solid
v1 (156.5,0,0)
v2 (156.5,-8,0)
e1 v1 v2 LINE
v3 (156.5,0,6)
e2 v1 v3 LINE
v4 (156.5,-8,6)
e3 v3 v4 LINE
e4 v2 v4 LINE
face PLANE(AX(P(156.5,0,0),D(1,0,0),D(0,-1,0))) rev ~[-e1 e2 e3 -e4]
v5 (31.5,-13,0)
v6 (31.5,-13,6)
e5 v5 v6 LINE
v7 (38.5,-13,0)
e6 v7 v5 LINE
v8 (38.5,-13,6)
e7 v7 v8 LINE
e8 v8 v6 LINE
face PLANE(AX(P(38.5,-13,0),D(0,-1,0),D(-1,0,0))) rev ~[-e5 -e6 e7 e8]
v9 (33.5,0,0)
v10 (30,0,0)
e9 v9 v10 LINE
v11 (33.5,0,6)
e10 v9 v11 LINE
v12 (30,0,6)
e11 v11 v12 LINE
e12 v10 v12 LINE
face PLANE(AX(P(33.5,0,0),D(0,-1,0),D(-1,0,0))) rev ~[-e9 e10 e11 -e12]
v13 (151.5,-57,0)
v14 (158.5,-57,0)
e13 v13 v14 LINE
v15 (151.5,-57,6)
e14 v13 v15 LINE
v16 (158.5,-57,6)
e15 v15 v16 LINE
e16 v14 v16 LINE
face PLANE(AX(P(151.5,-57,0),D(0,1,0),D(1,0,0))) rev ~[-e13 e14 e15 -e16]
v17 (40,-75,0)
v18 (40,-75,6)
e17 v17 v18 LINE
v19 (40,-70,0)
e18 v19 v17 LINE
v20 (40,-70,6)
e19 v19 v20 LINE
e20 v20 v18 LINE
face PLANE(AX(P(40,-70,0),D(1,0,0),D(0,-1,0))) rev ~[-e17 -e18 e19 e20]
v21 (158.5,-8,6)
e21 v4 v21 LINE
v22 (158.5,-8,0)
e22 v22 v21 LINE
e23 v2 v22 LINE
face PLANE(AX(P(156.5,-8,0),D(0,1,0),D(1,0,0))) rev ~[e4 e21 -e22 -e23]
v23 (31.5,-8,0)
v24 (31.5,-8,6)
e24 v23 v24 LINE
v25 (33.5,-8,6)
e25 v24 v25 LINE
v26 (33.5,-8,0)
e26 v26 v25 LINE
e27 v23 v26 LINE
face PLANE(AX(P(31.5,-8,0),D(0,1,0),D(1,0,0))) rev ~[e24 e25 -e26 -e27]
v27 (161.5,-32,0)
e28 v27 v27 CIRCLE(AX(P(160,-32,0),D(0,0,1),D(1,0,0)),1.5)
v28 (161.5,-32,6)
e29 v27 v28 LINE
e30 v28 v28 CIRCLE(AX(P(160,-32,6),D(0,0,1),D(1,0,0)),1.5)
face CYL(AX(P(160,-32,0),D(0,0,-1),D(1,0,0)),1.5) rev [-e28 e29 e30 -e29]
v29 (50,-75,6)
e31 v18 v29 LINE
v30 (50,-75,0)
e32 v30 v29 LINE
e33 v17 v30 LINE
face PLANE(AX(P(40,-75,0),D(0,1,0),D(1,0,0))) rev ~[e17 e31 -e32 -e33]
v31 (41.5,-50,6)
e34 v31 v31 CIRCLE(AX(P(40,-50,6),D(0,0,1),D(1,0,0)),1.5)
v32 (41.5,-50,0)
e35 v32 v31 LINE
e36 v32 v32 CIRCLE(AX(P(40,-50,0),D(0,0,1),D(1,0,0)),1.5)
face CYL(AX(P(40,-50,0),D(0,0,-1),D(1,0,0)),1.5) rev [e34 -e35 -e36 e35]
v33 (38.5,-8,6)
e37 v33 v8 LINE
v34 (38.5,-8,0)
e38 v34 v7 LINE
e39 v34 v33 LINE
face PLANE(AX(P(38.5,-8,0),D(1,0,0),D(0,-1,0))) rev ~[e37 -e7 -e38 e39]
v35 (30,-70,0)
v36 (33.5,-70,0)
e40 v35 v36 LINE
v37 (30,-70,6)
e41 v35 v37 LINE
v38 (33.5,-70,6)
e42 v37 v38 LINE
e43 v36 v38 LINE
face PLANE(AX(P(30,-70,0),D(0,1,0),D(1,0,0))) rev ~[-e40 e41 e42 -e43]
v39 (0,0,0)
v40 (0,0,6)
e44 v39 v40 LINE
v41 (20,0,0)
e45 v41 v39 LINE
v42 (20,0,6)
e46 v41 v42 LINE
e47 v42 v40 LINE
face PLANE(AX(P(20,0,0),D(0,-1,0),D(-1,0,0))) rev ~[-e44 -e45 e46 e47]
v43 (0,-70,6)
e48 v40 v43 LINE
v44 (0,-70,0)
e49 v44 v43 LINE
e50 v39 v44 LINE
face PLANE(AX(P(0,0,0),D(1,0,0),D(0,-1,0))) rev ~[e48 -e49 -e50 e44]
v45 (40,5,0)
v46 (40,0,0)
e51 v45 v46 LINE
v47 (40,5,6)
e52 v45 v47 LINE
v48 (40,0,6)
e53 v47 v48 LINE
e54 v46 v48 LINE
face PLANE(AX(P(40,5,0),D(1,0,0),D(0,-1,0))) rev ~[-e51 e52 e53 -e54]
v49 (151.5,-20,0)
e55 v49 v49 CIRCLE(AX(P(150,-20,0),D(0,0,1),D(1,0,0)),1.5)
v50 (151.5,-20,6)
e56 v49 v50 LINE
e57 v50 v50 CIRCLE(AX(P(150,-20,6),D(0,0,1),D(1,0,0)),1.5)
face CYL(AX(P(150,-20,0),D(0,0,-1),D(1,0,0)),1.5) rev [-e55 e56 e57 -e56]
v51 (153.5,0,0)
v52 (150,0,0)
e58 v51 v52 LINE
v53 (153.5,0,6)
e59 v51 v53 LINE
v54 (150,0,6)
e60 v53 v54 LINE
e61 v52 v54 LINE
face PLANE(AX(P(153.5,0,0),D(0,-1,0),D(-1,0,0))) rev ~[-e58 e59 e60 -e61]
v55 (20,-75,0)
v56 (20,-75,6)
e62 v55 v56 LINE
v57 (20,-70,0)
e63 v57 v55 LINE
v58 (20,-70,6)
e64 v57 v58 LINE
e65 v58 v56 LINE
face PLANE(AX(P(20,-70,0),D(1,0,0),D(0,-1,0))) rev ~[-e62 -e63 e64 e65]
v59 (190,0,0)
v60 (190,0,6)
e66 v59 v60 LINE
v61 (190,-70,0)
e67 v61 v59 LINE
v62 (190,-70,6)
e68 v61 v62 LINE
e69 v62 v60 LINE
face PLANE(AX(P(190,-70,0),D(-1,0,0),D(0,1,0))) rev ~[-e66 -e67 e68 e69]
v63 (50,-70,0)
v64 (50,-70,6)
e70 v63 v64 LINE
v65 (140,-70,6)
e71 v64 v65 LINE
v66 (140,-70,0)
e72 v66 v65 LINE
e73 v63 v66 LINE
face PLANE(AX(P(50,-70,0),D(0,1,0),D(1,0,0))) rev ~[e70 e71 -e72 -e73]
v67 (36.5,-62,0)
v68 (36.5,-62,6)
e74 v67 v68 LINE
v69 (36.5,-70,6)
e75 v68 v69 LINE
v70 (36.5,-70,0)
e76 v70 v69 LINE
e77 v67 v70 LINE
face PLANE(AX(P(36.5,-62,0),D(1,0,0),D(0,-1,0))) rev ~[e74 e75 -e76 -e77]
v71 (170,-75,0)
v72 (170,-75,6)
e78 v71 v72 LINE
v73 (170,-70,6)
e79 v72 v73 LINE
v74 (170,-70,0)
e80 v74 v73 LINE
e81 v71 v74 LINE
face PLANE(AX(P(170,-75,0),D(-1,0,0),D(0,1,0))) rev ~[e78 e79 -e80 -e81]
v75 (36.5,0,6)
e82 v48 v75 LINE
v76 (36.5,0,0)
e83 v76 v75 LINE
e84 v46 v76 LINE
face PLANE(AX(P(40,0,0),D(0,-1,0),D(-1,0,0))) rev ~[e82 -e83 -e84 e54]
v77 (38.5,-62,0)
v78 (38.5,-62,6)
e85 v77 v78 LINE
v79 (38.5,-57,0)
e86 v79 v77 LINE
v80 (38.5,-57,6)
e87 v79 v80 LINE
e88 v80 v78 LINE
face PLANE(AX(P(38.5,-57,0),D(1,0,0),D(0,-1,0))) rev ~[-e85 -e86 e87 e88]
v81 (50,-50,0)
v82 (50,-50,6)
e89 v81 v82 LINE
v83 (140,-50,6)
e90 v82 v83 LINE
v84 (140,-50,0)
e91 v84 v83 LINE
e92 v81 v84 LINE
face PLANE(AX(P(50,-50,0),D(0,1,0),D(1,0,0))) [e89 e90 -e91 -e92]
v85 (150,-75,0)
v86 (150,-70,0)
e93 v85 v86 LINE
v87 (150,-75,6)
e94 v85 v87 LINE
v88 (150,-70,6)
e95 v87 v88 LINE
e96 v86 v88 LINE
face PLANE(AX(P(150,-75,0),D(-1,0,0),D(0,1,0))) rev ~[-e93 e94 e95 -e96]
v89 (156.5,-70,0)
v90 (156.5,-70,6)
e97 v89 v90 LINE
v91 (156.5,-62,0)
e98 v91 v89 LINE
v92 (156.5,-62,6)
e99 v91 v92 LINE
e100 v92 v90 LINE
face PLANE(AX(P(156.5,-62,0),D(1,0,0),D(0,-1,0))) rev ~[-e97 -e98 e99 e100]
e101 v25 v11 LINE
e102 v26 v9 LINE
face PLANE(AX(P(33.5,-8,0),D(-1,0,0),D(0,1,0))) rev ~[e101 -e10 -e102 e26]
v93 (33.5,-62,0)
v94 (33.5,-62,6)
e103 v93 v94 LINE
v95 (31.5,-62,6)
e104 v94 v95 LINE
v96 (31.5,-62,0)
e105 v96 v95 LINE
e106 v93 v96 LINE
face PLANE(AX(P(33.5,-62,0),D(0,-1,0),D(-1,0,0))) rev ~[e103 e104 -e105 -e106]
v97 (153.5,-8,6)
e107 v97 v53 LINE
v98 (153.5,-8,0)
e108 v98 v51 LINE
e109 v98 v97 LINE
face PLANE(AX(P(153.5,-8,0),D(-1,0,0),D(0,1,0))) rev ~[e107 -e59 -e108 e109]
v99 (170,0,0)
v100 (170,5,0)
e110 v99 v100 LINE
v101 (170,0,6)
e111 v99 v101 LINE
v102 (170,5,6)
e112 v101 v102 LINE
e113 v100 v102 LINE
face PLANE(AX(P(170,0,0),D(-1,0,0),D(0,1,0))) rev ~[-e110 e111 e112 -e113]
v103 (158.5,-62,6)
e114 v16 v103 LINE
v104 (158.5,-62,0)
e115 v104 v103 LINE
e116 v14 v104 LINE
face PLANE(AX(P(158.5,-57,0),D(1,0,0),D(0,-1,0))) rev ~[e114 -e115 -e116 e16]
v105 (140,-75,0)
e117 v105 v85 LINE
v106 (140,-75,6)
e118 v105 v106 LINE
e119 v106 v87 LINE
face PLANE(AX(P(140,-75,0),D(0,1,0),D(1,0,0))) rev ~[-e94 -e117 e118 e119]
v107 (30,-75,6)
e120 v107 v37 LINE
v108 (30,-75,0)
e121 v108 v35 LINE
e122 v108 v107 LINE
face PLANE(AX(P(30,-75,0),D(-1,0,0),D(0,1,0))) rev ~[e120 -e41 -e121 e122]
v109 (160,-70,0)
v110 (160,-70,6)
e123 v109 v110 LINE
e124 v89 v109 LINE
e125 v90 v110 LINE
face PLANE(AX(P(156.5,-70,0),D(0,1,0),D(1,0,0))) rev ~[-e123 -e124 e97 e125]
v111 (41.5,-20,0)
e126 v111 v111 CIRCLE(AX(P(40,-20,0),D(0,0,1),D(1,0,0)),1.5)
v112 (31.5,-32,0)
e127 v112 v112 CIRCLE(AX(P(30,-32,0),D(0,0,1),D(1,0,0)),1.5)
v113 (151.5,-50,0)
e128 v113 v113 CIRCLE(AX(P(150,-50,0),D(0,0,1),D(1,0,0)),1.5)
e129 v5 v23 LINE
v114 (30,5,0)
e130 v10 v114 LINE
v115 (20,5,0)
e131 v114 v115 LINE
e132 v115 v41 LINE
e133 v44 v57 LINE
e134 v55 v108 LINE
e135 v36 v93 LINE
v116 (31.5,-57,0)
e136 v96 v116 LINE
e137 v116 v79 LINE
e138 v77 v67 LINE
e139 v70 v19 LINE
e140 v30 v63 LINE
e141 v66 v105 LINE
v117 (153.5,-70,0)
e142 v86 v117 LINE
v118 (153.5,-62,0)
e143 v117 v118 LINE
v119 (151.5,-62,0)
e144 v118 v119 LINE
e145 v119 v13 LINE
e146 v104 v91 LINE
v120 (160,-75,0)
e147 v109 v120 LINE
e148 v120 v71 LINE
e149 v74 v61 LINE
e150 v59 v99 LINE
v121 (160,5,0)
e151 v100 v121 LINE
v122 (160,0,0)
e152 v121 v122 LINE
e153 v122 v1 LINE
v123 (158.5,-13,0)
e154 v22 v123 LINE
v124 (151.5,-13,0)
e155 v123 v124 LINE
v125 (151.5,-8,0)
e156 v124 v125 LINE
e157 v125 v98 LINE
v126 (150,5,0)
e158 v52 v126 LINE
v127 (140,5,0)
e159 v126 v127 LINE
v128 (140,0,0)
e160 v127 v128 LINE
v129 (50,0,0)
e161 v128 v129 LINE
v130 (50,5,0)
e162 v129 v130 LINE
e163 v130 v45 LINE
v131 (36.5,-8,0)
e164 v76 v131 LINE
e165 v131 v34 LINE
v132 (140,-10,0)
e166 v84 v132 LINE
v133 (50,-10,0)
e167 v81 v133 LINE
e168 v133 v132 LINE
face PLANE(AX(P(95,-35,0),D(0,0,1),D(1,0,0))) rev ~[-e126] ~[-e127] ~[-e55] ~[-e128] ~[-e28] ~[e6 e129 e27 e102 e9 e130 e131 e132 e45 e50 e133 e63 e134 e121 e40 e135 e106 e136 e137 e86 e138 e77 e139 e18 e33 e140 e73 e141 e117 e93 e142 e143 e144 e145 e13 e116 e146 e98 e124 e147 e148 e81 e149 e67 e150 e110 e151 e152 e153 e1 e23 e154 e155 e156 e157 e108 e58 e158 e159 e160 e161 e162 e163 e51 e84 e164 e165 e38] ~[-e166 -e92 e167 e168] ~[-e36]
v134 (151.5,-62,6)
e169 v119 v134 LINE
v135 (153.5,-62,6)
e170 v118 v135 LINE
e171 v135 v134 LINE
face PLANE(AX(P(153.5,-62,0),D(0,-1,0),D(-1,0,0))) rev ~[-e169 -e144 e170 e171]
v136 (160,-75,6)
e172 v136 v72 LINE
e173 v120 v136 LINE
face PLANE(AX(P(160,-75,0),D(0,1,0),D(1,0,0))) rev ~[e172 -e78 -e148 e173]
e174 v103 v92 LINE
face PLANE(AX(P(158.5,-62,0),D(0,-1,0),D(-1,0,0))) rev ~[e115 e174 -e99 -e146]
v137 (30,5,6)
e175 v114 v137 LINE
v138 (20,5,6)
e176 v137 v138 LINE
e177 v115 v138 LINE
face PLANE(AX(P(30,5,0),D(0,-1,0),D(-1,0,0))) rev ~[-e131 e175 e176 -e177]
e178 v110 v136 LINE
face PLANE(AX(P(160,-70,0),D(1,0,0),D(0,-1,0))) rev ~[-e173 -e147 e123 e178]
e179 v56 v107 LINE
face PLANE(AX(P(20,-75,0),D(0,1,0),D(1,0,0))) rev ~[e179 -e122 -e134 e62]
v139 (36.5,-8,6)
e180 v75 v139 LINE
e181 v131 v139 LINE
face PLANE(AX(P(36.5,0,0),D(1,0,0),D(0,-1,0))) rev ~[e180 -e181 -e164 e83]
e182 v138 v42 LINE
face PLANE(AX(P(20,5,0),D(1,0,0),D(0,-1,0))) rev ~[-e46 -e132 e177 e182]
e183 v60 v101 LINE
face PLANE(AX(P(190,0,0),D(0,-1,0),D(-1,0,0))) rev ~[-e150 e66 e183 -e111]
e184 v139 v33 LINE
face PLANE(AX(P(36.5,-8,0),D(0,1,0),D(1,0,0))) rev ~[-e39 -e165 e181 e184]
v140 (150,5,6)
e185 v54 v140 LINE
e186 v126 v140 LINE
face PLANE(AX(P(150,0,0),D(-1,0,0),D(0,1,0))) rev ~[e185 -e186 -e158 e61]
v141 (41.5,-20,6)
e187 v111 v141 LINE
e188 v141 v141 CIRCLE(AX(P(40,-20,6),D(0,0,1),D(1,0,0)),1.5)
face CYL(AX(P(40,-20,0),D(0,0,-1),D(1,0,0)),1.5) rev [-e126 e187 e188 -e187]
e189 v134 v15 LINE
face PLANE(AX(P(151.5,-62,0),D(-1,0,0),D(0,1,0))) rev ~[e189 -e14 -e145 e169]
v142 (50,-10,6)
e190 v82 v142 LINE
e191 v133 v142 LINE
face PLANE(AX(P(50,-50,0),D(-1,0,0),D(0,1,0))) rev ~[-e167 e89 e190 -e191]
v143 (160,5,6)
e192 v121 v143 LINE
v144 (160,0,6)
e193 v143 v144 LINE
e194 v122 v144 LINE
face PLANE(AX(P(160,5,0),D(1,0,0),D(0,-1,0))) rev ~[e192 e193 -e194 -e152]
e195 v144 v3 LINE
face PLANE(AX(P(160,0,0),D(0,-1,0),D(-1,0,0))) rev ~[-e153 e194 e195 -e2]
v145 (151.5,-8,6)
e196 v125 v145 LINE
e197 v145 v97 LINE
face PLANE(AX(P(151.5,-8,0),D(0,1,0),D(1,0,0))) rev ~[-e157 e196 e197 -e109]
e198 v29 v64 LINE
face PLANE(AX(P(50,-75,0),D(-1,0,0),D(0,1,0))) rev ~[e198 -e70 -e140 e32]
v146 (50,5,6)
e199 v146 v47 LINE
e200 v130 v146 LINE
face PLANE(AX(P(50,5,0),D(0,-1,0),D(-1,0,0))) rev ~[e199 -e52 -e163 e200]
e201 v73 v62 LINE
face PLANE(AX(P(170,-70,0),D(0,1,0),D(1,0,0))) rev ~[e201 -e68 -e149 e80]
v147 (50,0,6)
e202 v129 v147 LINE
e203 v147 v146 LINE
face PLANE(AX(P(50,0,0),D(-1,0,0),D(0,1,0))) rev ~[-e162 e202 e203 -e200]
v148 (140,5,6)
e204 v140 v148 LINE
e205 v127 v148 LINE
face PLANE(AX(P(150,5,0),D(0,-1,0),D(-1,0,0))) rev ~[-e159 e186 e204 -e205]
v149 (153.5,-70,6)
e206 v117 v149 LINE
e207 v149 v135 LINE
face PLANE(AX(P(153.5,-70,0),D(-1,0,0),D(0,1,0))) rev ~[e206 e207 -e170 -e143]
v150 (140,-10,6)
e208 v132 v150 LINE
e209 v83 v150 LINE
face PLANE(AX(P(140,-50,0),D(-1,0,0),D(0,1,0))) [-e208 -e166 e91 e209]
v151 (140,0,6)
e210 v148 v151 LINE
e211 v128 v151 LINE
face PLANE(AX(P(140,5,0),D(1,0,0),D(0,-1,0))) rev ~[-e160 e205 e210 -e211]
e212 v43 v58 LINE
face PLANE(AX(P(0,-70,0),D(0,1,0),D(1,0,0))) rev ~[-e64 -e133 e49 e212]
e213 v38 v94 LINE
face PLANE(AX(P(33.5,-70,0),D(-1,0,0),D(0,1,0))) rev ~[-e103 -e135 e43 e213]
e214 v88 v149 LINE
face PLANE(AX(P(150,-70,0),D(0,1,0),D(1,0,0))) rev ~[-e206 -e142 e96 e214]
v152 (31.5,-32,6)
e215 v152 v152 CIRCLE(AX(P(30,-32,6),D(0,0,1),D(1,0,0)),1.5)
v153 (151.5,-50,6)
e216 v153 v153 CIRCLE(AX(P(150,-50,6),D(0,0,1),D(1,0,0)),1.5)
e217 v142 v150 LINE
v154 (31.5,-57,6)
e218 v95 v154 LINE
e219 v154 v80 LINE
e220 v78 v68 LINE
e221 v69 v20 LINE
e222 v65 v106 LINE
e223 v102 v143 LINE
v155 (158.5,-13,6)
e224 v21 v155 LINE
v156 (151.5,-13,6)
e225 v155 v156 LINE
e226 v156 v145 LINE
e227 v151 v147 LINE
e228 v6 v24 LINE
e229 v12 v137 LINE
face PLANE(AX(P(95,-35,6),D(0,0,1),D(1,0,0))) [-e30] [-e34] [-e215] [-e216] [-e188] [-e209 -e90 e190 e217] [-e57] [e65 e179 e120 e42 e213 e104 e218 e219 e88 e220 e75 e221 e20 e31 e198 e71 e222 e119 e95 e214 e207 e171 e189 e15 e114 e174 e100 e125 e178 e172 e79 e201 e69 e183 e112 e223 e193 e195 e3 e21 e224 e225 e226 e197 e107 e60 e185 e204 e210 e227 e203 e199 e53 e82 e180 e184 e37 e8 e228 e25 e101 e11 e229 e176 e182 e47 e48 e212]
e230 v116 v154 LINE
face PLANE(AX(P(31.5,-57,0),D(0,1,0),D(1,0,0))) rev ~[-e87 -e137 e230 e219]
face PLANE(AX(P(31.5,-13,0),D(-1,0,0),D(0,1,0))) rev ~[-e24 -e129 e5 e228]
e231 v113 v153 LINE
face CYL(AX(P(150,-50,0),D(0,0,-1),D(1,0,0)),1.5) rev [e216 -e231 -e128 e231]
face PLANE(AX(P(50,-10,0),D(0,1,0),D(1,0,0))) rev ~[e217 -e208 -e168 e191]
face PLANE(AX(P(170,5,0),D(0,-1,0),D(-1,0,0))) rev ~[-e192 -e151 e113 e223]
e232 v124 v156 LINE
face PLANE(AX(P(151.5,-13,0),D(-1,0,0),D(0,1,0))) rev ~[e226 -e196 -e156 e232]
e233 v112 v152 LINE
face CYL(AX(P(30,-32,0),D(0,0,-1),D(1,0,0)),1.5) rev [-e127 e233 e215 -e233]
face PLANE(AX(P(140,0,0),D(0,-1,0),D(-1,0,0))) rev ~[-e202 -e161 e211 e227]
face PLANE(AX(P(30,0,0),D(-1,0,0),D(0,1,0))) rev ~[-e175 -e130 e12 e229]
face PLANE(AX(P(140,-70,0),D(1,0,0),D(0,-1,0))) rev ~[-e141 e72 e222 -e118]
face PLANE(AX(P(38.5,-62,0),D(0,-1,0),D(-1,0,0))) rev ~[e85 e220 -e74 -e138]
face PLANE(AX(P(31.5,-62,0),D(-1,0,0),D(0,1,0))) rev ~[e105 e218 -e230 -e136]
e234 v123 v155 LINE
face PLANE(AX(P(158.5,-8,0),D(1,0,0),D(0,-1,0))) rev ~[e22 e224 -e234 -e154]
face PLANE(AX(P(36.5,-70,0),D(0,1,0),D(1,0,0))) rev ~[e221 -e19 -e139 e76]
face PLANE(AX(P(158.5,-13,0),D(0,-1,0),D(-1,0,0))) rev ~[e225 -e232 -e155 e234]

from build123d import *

# Parameters (mm, degrees)
MODEL_R                  = 1.5
MODEL_W                  = 90
MODEL_H                  = 40
RESSALTO_EXTRUS_O1_DEPTH = 6


with BuildPart() as part:
    # Model → Ressalto-extrusão1 (new body)
    with BuildSketch(Plane.XY):
        Polygon((36.5, -62), (36.5, -70), (40, -70), (40, -75), (50, -75), (50, -70), (140, -70), (140, -75), (150, -75), (150, -70), (153.5, -70), (153.5, -62), (151.5, -62), (151.5, -57), (158.5, -57), (158.5, -62), (156.5, -62), (156.5, -70), (160, -70), (160, -75), (170, -75), (170, -70), (190, -70), (190, 0), (170, 0), (170, 5), (160, 5), (160, 0), (156.5, 0), (156.5, -8), (158.5, -8), (158.5, -13), (151.5, -13), (151.5, -8), (153.5, -8), (153.5, 0), (150, 0), (150, 5), (140, 5), (140, 0), (50, 0), (50, 5), (40, 5), (40, 0), (36.5, 0), (36.5, -8), (38.5, -8), (38.5, -13), (31.5, -13), (31.5, -8), (33.5, -8), (33.5, 0), (30, 0), (30, 5), (20, 5), (20, 0), (0, 0), (0, -70), (20, -70), (20, -75), (30, -75), (30, -70), (33.5, -70), (33.5, -62), (31.5, -62), (31.5, -57), (38.5, -57), (38.5, -62), align=None)
        with Locations((30, -32)):
            Circle(MODEL_R, mode=Mode.SUBTRACT)
        with Locations((150, -50)):
            Circle(MODEL_R, mode=Mode.SUBTRACT)
        with Locations((40, -20)):
            Circle(MODEL_R, mode=Mode.SUBTRACT)
        with Locations((150, -20)):
            Circle(MODEL_R, mode=Mode.SUBTRACT)
        with Locations((40, -50)):
            Circle(MODEL_R, mode=Mode.SUBTRACT)
        with Locations((160, -32)):
            Circle(MODEL_R, mode=Mode.SUBTRACT)
        with Locations((95, -30)):
            Rectangle(MODEL_W, MODEL_H, mode=Mode.SUBTRACT)
    extrude(amount=RESSALTO_EXTRUS_O1_DEPTH)


solid = part.part
